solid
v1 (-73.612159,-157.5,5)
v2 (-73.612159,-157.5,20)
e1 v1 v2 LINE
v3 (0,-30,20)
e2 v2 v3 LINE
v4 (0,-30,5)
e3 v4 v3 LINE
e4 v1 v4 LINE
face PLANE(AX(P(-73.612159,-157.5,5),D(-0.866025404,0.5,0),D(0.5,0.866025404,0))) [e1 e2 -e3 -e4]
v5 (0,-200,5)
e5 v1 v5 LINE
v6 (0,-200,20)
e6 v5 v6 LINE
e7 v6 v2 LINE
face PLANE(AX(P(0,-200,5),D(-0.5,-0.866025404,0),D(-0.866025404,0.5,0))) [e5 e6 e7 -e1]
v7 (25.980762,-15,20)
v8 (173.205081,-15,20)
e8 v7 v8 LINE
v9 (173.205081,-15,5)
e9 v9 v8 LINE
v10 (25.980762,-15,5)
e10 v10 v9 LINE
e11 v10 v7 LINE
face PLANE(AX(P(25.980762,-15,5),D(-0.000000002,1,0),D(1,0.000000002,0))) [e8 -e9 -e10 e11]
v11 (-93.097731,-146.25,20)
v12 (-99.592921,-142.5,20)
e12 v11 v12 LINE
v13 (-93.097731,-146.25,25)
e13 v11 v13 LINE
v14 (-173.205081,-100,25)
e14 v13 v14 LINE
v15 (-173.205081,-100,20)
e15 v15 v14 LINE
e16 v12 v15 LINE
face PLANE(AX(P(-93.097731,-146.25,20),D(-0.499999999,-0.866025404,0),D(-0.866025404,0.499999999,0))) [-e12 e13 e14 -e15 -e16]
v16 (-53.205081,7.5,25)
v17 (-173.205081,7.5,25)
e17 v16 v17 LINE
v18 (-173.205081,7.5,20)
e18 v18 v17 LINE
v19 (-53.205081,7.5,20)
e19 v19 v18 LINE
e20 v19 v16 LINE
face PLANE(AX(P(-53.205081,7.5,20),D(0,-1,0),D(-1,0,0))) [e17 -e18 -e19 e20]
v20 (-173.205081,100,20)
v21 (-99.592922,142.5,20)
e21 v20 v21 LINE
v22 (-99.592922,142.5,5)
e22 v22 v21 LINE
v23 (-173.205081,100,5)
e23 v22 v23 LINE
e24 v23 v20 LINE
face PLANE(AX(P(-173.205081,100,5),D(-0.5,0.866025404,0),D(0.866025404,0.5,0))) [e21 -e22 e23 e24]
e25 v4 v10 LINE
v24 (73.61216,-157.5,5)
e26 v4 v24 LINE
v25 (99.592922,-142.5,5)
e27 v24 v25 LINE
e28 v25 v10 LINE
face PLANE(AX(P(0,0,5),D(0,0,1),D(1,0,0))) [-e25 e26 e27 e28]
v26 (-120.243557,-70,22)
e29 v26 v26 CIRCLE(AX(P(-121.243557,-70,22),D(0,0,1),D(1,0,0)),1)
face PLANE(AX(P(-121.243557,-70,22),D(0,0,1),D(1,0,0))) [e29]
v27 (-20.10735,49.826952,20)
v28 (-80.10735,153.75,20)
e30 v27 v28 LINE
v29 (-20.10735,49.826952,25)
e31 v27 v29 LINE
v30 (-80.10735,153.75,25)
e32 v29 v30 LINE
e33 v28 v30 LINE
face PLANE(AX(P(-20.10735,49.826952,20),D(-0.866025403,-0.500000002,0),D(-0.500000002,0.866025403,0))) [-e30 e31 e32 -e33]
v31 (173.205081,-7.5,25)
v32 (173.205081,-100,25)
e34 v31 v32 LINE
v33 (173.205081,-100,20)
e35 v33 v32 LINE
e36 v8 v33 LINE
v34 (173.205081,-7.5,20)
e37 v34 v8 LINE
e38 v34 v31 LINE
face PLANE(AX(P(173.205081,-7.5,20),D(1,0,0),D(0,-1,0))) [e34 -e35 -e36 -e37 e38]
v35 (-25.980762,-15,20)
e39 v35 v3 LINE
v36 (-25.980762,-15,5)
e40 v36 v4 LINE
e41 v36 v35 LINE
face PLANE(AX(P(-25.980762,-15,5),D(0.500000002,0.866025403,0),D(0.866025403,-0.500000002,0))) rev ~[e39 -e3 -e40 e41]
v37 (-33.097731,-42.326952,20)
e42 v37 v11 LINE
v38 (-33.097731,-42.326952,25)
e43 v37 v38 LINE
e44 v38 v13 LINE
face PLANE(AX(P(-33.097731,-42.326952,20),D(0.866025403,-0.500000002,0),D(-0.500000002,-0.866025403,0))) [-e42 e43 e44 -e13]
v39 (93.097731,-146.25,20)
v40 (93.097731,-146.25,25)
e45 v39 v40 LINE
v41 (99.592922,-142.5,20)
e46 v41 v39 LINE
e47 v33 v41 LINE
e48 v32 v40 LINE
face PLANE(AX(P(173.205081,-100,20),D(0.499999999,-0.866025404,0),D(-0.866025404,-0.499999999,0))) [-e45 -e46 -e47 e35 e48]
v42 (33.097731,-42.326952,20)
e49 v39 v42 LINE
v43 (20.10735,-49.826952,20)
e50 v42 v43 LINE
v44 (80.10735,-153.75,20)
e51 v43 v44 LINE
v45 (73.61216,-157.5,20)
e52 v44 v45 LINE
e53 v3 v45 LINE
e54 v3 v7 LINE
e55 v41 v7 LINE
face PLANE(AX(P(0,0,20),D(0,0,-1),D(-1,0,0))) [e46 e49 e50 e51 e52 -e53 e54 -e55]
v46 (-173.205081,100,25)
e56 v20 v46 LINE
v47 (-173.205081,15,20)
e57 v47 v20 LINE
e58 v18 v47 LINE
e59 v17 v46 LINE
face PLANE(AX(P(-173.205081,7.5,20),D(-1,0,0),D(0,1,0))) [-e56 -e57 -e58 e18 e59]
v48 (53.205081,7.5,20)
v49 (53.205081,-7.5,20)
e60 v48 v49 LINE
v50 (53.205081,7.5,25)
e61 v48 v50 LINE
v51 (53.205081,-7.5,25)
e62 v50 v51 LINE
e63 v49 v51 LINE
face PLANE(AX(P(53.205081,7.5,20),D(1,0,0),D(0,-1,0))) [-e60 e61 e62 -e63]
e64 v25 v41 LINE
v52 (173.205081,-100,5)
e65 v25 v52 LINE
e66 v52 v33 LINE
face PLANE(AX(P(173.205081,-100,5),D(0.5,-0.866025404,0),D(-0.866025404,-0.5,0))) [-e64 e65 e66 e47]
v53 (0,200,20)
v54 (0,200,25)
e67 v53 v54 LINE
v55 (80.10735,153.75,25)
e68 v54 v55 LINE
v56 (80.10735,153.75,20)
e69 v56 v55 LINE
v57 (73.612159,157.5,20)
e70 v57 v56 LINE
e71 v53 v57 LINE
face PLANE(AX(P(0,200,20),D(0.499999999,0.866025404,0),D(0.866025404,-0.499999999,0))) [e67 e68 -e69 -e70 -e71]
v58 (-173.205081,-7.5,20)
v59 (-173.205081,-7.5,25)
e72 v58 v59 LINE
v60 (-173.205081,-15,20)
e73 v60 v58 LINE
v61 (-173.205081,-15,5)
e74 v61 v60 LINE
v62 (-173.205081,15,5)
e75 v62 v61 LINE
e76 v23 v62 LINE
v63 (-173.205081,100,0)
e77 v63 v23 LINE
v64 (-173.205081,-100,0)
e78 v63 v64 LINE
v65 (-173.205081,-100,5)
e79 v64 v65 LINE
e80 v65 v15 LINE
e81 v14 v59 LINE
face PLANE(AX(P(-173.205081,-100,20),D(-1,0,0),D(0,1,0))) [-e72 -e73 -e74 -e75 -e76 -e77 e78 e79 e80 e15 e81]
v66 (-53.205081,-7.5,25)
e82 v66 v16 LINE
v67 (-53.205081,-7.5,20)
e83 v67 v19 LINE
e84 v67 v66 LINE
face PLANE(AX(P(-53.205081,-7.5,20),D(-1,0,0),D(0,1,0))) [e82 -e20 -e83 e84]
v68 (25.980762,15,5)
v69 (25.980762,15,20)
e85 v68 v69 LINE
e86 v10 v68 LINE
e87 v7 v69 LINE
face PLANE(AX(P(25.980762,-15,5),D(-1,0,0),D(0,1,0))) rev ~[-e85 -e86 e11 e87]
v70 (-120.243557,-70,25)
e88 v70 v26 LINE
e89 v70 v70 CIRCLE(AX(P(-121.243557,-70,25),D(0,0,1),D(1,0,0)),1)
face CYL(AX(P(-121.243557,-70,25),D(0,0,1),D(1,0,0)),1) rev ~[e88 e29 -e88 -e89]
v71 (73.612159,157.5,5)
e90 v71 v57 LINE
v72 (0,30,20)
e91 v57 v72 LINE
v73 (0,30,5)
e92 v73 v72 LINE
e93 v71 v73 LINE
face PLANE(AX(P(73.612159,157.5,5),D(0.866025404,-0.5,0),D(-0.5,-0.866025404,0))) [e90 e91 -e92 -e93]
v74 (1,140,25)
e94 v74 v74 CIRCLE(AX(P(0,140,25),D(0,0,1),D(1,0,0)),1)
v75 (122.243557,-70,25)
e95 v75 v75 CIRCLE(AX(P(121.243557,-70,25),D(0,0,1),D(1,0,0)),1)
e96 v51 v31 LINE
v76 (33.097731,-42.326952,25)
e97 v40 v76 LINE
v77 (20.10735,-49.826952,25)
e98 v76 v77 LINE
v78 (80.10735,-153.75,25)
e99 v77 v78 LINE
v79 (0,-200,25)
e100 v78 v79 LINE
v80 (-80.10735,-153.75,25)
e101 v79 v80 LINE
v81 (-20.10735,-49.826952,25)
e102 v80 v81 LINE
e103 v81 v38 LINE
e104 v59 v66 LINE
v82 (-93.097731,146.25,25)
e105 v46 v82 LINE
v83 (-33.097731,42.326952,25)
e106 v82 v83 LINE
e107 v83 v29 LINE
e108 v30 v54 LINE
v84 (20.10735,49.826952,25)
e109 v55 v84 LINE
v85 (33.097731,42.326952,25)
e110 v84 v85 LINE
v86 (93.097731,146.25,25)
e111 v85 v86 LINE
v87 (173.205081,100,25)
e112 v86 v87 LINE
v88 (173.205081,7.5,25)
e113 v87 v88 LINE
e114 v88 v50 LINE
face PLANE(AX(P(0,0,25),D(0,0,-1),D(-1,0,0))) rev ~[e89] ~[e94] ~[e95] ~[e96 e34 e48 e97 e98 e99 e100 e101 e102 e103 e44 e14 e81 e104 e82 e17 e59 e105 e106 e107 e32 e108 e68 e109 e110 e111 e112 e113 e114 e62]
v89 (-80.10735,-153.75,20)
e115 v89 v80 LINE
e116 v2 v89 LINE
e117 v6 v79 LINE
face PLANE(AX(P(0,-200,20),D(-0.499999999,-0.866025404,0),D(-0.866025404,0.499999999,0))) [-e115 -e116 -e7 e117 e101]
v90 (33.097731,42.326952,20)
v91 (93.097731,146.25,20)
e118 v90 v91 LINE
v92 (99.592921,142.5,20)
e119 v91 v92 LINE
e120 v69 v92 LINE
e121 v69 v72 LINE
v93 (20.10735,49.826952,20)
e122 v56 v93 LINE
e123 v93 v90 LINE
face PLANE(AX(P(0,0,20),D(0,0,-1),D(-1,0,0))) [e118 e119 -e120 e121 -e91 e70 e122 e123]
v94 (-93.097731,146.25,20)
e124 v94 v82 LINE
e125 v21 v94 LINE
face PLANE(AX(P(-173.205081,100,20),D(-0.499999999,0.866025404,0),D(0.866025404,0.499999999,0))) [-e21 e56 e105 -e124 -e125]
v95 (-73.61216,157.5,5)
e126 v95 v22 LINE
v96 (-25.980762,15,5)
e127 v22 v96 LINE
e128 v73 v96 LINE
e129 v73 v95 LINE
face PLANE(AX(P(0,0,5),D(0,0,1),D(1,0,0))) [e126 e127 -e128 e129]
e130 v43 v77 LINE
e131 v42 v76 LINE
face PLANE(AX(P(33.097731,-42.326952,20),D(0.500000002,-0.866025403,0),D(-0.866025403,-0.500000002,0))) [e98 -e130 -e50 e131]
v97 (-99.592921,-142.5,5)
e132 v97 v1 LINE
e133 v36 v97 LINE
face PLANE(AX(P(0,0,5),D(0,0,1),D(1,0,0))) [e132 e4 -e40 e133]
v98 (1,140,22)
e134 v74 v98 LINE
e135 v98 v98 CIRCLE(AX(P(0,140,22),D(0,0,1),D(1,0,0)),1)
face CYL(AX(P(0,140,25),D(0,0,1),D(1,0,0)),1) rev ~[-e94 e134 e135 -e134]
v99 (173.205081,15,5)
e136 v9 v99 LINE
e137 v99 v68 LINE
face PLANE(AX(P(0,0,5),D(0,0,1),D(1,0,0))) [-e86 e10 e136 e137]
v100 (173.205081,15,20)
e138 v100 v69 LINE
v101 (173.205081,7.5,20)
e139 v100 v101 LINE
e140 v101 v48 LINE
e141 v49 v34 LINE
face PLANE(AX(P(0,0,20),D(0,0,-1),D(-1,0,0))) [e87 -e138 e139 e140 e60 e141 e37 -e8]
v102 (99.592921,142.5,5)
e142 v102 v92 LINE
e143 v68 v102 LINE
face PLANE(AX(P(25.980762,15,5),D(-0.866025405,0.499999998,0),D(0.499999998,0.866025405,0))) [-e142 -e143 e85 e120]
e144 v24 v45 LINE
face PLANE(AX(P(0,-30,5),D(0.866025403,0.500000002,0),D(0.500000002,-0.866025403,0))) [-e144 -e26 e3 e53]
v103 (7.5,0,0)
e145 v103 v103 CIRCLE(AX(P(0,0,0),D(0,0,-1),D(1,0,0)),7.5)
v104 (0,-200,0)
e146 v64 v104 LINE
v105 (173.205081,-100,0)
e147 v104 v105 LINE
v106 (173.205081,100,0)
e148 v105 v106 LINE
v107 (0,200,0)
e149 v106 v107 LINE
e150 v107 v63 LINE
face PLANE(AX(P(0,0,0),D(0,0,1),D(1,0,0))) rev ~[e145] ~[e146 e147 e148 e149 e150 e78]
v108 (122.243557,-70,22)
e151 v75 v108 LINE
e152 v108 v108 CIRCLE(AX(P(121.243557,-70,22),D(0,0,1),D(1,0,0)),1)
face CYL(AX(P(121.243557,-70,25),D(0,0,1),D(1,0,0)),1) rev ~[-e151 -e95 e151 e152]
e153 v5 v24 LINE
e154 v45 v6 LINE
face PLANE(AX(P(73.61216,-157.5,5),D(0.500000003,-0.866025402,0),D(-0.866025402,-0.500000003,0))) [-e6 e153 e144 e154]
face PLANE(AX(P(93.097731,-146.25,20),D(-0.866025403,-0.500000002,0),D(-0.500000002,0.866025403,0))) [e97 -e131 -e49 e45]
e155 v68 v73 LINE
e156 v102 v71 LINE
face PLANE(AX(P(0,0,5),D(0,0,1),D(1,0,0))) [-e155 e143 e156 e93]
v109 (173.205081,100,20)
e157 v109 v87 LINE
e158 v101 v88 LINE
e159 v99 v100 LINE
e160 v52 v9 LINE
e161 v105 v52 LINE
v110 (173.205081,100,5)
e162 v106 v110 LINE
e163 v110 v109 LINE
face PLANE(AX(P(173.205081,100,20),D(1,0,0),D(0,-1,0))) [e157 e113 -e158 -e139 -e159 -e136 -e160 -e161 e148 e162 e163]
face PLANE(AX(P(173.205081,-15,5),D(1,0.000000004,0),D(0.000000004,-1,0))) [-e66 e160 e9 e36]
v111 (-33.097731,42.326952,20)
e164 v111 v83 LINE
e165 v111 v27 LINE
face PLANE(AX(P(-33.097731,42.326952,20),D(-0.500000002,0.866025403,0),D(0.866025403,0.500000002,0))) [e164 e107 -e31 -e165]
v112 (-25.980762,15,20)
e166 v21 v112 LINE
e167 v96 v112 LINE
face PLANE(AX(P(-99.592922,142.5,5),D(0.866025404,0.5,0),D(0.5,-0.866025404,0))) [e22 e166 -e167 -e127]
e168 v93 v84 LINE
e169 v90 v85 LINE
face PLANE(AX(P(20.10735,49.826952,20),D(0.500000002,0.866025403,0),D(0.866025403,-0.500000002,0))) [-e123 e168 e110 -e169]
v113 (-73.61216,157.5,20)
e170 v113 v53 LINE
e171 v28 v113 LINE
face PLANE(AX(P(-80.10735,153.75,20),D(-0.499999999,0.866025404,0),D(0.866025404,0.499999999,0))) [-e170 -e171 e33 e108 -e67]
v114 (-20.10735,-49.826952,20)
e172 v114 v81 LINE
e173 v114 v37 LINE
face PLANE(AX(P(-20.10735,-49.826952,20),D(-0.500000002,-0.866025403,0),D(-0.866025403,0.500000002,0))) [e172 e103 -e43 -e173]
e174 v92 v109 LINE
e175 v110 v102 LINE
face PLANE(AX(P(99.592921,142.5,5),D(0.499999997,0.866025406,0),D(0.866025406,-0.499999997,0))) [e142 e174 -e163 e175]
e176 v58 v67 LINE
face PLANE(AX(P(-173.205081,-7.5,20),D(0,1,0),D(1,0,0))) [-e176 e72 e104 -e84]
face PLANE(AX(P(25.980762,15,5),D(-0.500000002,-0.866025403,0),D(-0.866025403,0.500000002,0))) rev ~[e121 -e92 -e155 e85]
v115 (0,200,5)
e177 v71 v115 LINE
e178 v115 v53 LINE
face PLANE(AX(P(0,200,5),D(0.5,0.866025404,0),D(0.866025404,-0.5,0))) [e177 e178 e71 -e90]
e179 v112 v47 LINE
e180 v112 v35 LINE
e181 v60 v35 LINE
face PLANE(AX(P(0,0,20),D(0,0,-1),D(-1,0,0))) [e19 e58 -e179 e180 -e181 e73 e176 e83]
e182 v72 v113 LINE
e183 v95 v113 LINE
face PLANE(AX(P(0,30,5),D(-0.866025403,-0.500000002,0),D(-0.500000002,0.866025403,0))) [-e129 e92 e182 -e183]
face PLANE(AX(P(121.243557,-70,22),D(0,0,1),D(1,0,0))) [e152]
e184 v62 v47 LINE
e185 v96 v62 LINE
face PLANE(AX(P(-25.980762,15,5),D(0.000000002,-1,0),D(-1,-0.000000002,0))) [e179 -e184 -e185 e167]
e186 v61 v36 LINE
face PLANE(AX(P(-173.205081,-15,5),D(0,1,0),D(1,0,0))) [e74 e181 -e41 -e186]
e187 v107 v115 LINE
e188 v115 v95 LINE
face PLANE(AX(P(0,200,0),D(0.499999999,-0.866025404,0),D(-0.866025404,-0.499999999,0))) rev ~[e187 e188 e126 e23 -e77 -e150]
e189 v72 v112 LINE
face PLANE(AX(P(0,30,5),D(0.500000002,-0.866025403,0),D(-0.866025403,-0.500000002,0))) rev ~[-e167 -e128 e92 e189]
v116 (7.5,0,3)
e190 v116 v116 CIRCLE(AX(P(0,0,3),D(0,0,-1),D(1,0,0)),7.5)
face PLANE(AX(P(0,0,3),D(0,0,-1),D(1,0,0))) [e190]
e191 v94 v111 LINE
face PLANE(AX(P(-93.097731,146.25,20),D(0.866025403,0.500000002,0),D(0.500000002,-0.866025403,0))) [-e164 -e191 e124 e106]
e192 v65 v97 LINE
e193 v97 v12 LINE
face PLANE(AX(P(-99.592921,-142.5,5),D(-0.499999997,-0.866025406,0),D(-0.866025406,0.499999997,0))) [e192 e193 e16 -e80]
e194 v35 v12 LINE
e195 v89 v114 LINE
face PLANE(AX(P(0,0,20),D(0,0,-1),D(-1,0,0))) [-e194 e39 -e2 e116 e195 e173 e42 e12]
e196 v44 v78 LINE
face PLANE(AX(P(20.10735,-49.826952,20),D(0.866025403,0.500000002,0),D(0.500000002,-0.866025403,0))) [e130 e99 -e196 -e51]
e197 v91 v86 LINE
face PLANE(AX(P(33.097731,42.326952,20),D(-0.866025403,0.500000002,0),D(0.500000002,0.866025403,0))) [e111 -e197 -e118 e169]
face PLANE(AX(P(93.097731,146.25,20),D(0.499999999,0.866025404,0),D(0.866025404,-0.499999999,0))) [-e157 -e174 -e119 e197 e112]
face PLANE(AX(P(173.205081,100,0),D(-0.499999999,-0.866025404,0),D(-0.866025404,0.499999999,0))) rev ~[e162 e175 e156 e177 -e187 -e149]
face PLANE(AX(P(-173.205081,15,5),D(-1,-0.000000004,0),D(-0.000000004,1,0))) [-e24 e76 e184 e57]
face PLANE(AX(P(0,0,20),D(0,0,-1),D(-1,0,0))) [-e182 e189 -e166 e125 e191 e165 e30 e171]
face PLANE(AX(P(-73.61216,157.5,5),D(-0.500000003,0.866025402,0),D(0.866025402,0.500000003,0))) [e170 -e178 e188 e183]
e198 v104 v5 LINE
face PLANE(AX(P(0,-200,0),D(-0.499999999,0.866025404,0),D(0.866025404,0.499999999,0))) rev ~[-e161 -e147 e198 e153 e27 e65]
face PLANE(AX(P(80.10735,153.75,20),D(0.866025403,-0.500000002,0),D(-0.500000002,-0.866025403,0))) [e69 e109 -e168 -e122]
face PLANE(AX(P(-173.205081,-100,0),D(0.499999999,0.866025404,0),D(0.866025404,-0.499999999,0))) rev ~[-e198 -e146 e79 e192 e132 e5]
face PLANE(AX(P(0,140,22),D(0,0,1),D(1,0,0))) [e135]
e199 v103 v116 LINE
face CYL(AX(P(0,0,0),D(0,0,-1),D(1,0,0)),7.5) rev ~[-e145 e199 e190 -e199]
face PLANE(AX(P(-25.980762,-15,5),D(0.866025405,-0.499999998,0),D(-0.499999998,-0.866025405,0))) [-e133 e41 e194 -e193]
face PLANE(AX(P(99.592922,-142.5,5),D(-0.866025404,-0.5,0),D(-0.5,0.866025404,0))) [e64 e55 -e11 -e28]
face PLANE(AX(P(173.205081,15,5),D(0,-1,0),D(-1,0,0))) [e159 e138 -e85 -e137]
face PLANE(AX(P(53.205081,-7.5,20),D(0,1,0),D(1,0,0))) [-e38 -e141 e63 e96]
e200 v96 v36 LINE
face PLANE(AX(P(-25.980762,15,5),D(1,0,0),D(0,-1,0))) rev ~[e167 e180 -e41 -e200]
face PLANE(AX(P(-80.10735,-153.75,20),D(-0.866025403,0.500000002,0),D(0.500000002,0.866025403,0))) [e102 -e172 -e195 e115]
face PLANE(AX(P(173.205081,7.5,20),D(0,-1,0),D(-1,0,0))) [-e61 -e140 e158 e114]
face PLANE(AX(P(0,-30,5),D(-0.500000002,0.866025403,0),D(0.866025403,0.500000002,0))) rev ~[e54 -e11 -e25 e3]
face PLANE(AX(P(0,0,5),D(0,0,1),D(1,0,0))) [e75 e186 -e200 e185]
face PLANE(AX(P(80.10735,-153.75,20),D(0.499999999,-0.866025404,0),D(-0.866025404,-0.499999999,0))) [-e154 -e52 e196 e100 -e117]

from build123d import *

# Parameters (mm, degrees)
PAD_DEPTH          = 5
PAD001_DEPTH       = 15
PAD003_DEPTH       = 15
POLARPATTERN_COUNT = 6
PAD002_DEPTH       = 5
SKETCH004_R        = 1
POCKET_DEPTH       = 3
SKETCH005_R        = 7.5
POCKET001_DEPTH    = 3


with BuildPart() as part:
    # Sketch → Pad (new body)
    with BuildSketch(Plane.XY):
        Polygon((173.205081, -100), (173.205081, 100), (0, 200), (-173.205081, 100), (-173.205081, -100), (0, -200), align=None)
    extrude(amount=PAD_DEPTH)

    # Sketch001 (on Face8 of Pad) → Pad001 (join)
    with BuildSketch(Plane.XY.offset(5)):
        Polygon((25.980762, -15), (25.980762, 15), (0, 30), (-25.980762, 15), (-25.980762, -15), (0, -30), align=None)
    extrude(amount=PAD001_DEPTH)

    # Sketch003 (on Face5 of Pad001) → Pad003 (join)
    with BuildSketch(Plane.XY.offset(5)):
        Polygon((173.205081, 15), (25.980762, 15), (99.592921, 142.5), (173.205081, 100), align=None)
    pad003 = extrude(amount=PAD003_DEPTH)

    # PolarPattern: Pad003 ×6 about axis
    polarpattern_axis = Axis((0, 0, 5), (0, 0, 1))
    for i in range(1, POLARPATTERN_COUNT):
        add(pad003.rotate(polarpattern_axis, i * 360 / POLARPATTERN_COUNT))

    # Sketch002 (on Face15 of Pad001) → Pad002 (join)
    with BuildSketch(Plane.XY.offset(20)):
        Polygon((0, 200), (80.10735, 153.75), (20.10735, 49.826952), (33.097731, 42.326952), (93.097731, 146.25), (173.205081, 100), (173.205081, 7.5), (53.205081, 7.5), (53.205081, -7.5), (173.205081, -7.5), (173.205081, -100), (93.097731, -146.25), (33.097731, -42.326952), (20.10735, -49.826952), (80.10735, -153.75), (0, -200), (-80.10735, -153.75), (-20.10735, -49.826952), (-33.097731, -42.326952), (-93.097731, -146.25), (-173.205081, -100), (-173.205081, -7.5), (-53.205081, -7.5), (-53.205081, 7.5), (-173.205081, 7.5), (-173.205081, 100), (-93.097731, 146.25), (-33.097731, 42.326952), (-20.10735, 49.826952), (-80.10735, 153.75), align=None)
    extrude(amount=PAD002_DEPTH)

    # Sketch004 (on Face43 of Pad002) → Pocket (cut)
    with BuildSketch(Plane.XY.offset(25)):
        with Locations((0, 140)):
            Circle(SKETCH004_R)
        with Locations((121.243557, -70)):
            Circle(SKETCH004_R)
        with Locations((-121.243557, -70)):
            Circle(SKETCH004_R)
    extrude(amount=-POCKET_DEPTH, mode=Mode.SUBTRACT)

    # Sketch005 (on Face4 of Pocket) → Pocket001 (cut)
    with BuildSketch(Plane(origin=(0, 0, 0), x_dir=(1, 0, 0), z_dir=(0, 0, -1))):
        Circle(SKETCH005_R)
    extrude(amount=-POCKET001_DEPTH, mode=Mode.SUBTRACT)


solid = part.part
